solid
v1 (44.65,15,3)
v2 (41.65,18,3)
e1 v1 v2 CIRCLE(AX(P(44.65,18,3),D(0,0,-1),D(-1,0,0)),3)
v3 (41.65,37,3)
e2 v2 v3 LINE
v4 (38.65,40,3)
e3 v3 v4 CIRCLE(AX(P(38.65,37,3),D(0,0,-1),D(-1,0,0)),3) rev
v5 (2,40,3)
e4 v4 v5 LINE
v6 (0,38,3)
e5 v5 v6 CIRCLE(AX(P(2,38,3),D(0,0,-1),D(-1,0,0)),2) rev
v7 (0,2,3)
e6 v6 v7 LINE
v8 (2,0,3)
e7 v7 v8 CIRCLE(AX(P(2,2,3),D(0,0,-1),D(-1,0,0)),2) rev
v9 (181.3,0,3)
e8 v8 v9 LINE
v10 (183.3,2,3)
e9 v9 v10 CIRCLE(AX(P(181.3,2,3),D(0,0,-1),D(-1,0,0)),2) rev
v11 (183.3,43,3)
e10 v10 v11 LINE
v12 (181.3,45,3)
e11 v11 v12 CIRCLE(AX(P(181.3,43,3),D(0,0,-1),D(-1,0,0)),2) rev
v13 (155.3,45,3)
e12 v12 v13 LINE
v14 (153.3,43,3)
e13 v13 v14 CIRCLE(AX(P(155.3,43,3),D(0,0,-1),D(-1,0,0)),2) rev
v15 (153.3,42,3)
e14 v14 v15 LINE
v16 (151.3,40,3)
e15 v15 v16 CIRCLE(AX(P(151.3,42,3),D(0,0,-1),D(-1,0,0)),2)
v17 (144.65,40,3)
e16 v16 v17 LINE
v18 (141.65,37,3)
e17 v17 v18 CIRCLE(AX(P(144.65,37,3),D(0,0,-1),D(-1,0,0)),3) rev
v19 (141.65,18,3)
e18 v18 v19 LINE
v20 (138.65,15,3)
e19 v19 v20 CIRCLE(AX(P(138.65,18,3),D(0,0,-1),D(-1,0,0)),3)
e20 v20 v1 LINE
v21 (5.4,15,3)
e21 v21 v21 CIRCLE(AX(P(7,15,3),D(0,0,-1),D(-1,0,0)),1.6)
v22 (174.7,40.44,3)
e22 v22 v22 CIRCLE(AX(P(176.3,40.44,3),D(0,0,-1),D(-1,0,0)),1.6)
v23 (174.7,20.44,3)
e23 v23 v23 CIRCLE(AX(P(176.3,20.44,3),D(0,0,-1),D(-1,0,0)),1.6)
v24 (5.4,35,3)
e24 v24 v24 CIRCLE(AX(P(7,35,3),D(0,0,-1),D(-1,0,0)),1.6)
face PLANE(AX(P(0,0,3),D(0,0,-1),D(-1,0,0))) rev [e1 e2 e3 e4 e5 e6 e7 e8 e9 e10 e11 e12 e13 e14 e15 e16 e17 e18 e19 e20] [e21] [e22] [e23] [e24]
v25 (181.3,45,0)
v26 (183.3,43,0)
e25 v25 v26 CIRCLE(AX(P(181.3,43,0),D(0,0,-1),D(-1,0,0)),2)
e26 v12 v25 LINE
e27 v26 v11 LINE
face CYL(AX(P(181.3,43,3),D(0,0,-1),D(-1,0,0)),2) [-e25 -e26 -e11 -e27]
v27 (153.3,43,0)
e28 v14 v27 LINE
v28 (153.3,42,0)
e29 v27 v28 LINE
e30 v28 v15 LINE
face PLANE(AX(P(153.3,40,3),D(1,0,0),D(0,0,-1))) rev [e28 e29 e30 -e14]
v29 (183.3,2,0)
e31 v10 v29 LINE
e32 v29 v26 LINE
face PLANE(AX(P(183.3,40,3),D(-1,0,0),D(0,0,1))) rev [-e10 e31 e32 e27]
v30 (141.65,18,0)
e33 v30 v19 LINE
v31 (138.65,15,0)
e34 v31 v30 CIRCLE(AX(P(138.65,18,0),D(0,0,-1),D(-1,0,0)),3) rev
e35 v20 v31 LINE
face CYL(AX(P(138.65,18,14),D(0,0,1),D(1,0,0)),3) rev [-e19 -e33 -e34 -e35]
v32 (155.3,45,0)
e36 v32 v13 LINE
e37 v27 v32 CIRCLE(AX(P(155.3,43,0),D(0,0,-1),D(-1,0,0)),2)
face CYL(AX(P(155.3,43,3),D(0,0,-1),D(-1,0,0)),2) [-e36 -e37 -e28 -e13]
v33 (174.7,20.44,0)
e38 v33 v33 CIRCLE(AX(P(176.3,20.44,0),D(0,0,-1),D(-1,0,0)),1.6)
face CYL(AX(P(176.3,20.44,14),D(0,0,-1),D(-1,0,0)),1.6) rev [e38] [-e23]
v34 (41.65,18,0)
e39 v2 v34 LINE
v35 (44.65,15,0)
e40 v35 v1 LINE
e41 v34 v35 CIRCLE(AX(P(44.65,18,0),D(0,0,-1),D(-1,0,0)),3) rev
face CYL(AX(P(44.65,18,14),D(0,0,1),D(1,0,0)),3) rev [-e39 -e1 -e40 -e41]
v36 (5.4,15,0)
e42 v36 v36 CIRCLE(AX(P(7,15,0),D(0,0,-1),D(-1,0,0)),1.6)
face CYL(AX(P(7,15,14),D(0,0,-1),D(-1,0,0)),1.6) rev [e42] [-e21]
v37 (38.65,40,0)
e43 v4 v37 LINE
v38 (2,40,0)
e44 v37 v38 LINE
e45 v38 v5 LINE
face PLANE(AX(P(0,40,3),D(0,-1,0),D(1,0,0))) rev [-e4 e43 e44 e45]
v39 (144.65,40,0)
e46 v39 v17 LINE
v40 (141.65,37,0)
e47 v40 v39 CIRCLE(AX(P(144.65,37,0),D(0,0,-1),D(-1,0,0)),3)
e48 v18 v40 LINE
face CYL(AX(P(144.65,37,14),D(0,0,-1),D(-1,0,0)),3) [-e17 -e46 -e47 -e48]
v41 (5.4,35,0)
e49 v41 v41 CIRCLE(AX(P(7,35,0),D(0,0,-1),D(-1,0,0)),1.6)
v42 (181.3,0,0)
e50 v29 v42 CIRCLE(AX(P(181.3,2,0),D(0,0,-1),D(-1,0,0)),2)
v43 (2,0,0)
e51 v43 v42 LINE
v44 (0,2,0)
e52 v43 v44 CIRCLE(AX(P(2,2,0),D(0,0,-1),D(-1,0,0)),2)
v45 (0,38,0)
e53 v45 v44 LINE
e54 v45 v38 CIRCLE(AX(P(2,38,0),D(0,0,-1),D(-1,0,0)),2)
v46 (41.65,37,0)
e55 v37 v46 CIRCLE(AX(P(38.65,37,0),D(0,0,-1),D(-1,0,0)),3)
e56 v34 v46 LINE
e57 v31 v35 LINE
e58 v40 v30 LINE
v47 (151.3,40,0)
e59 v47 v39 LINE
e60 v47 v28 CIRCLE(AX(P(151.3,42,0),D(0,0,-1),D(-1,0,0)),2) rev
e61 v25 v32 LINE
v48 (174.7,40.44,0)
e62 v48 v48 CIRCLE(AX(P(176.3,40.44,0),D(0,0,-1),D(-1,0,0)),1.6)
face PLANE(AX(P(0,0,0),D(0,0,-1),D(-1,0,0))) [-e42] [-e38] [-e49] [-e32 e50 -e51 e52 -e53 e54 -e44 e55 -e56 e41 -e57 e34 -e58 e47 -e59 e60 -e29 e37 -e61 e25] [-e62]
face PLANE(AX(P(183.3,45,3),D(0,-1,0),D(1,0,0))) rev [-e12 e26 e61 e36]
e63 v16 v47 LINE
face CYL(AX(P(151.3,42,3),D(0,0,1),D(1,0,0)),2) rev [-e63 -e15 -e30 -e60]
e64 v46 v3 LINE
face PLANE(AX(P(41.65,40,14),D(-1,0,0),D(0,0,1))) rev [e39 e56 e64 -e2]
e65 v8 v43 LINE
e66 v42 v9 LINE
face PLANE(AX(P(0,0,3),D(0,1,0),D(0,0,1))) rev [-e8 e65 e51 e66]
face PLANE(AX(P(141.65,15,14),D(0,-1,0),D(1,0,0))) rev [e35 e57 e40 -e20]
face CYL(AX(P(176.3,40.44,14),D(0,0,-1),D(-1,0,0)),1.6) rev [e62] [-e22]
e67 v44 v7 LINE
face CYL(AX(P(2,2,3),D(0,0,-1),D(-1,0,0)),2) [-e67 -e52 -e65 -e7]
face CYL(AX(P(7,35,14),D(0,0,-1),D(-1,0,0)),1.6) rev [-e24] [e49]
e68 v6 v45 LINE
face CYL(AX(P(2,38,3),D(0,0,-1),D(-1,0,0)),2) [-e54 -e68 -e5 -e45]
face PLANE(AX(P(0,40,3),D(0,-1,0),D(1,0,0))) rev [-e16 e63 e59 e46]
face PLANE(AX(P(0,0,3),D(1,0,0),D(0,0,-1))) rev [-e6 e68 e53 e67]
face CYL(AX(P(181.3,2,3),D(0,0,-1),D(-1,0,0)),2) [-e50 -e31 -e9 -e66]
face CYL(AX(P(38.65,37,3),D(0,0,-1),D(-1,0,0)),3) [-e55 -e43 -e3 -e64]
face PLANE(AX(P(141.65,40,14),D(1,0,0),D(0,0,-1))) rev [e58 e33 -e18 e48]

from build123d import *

# Parameters (mm, degrees)
EXTRUDE_1_DEPTH     = 3
FILLET_1_R          = 2
SKETCH_2_R          = 1.6
CUT_EXTRUDE_1_DEPTH = 14
SKETCH_3_W          = 100
SKETCH_3_H          = 25
CUT_EXTRUDE_2_DEPTH = 14
FILLET_2_R          = 3


with BuildPart() as part:
    # 草图1 → 凸台-拉伸1 (new body)
    with BuildSketch(Plane.XY):
        Polygon((0, 0), (183.3, 0), (183.3, 40), (183.3, 45), (153.3, 45), (153.3, 40), (0, 40), align=None)
    extrude(amount=EXTRUDE_1_DEPTH)

    # 圆角1
    fillet_1_edges = [part.edges().sort_by_distance(p)[0] for p in [
        (0, 40, 1.5),
        (153.3, 40, 1.5),
        (153.3, 45, 1.5),
        (183.3, 45, 1.5),
        (183.3, 0, 1.5),
        (0, 0, 1.5),
    ]]
    fillet(fillet_1_edges, radius=FILLET_1_R)

    # 草图2 → 切除-拉伸1 (cut)
    with BuildSketch(Plane(origin=(0, 0, 0), x_dir=(-1, 0, 0), z_dir=(0, 0, -1))):
        with Locations((-176.3, 40.44)):
            Circle(SKETCH_2_R)
        with Locations((-176.3, 20.44)):
            Circle(SKETCH_2_R)
        with Locations((-7, 35)):
            Circle(SKETCH_2_R)
        with Locations((-7, 15)):
            Circle(SKETCH_2_R)
    extrude(amount=-CUT_EXTRUDE_1_DEPTH, mode=Mode.SUBTRACT)

    # 草图3 → 切除-拉伸2 (cut)
    with BuildSketch(Plane(origin=(0, 0, 0), x_dir=(-1, 0, 0), z_dir=(0, 0, -1))):
        with Locations((-91.65, 27.5)):
            Rectangle(SKETCH_3_W, SKETCH_3_H)
    extrude(amount=-CUT_EXTRUDE_2_DEPTH, mode=Mode.SUBTRACT)

    # 圆角2
    fillet_2_edges = [part.edges().sort_by_distance(p)[0] for p in [
        (141.65, 15, 1.5),
        (141.65, 40, 1.5),
        (41.65, 40, 1.5),
        (41.65, 15, 1.5),
    ]]
    fillet(fillet_2_edges, radius=FILLET_2_R)


solid = part.part
